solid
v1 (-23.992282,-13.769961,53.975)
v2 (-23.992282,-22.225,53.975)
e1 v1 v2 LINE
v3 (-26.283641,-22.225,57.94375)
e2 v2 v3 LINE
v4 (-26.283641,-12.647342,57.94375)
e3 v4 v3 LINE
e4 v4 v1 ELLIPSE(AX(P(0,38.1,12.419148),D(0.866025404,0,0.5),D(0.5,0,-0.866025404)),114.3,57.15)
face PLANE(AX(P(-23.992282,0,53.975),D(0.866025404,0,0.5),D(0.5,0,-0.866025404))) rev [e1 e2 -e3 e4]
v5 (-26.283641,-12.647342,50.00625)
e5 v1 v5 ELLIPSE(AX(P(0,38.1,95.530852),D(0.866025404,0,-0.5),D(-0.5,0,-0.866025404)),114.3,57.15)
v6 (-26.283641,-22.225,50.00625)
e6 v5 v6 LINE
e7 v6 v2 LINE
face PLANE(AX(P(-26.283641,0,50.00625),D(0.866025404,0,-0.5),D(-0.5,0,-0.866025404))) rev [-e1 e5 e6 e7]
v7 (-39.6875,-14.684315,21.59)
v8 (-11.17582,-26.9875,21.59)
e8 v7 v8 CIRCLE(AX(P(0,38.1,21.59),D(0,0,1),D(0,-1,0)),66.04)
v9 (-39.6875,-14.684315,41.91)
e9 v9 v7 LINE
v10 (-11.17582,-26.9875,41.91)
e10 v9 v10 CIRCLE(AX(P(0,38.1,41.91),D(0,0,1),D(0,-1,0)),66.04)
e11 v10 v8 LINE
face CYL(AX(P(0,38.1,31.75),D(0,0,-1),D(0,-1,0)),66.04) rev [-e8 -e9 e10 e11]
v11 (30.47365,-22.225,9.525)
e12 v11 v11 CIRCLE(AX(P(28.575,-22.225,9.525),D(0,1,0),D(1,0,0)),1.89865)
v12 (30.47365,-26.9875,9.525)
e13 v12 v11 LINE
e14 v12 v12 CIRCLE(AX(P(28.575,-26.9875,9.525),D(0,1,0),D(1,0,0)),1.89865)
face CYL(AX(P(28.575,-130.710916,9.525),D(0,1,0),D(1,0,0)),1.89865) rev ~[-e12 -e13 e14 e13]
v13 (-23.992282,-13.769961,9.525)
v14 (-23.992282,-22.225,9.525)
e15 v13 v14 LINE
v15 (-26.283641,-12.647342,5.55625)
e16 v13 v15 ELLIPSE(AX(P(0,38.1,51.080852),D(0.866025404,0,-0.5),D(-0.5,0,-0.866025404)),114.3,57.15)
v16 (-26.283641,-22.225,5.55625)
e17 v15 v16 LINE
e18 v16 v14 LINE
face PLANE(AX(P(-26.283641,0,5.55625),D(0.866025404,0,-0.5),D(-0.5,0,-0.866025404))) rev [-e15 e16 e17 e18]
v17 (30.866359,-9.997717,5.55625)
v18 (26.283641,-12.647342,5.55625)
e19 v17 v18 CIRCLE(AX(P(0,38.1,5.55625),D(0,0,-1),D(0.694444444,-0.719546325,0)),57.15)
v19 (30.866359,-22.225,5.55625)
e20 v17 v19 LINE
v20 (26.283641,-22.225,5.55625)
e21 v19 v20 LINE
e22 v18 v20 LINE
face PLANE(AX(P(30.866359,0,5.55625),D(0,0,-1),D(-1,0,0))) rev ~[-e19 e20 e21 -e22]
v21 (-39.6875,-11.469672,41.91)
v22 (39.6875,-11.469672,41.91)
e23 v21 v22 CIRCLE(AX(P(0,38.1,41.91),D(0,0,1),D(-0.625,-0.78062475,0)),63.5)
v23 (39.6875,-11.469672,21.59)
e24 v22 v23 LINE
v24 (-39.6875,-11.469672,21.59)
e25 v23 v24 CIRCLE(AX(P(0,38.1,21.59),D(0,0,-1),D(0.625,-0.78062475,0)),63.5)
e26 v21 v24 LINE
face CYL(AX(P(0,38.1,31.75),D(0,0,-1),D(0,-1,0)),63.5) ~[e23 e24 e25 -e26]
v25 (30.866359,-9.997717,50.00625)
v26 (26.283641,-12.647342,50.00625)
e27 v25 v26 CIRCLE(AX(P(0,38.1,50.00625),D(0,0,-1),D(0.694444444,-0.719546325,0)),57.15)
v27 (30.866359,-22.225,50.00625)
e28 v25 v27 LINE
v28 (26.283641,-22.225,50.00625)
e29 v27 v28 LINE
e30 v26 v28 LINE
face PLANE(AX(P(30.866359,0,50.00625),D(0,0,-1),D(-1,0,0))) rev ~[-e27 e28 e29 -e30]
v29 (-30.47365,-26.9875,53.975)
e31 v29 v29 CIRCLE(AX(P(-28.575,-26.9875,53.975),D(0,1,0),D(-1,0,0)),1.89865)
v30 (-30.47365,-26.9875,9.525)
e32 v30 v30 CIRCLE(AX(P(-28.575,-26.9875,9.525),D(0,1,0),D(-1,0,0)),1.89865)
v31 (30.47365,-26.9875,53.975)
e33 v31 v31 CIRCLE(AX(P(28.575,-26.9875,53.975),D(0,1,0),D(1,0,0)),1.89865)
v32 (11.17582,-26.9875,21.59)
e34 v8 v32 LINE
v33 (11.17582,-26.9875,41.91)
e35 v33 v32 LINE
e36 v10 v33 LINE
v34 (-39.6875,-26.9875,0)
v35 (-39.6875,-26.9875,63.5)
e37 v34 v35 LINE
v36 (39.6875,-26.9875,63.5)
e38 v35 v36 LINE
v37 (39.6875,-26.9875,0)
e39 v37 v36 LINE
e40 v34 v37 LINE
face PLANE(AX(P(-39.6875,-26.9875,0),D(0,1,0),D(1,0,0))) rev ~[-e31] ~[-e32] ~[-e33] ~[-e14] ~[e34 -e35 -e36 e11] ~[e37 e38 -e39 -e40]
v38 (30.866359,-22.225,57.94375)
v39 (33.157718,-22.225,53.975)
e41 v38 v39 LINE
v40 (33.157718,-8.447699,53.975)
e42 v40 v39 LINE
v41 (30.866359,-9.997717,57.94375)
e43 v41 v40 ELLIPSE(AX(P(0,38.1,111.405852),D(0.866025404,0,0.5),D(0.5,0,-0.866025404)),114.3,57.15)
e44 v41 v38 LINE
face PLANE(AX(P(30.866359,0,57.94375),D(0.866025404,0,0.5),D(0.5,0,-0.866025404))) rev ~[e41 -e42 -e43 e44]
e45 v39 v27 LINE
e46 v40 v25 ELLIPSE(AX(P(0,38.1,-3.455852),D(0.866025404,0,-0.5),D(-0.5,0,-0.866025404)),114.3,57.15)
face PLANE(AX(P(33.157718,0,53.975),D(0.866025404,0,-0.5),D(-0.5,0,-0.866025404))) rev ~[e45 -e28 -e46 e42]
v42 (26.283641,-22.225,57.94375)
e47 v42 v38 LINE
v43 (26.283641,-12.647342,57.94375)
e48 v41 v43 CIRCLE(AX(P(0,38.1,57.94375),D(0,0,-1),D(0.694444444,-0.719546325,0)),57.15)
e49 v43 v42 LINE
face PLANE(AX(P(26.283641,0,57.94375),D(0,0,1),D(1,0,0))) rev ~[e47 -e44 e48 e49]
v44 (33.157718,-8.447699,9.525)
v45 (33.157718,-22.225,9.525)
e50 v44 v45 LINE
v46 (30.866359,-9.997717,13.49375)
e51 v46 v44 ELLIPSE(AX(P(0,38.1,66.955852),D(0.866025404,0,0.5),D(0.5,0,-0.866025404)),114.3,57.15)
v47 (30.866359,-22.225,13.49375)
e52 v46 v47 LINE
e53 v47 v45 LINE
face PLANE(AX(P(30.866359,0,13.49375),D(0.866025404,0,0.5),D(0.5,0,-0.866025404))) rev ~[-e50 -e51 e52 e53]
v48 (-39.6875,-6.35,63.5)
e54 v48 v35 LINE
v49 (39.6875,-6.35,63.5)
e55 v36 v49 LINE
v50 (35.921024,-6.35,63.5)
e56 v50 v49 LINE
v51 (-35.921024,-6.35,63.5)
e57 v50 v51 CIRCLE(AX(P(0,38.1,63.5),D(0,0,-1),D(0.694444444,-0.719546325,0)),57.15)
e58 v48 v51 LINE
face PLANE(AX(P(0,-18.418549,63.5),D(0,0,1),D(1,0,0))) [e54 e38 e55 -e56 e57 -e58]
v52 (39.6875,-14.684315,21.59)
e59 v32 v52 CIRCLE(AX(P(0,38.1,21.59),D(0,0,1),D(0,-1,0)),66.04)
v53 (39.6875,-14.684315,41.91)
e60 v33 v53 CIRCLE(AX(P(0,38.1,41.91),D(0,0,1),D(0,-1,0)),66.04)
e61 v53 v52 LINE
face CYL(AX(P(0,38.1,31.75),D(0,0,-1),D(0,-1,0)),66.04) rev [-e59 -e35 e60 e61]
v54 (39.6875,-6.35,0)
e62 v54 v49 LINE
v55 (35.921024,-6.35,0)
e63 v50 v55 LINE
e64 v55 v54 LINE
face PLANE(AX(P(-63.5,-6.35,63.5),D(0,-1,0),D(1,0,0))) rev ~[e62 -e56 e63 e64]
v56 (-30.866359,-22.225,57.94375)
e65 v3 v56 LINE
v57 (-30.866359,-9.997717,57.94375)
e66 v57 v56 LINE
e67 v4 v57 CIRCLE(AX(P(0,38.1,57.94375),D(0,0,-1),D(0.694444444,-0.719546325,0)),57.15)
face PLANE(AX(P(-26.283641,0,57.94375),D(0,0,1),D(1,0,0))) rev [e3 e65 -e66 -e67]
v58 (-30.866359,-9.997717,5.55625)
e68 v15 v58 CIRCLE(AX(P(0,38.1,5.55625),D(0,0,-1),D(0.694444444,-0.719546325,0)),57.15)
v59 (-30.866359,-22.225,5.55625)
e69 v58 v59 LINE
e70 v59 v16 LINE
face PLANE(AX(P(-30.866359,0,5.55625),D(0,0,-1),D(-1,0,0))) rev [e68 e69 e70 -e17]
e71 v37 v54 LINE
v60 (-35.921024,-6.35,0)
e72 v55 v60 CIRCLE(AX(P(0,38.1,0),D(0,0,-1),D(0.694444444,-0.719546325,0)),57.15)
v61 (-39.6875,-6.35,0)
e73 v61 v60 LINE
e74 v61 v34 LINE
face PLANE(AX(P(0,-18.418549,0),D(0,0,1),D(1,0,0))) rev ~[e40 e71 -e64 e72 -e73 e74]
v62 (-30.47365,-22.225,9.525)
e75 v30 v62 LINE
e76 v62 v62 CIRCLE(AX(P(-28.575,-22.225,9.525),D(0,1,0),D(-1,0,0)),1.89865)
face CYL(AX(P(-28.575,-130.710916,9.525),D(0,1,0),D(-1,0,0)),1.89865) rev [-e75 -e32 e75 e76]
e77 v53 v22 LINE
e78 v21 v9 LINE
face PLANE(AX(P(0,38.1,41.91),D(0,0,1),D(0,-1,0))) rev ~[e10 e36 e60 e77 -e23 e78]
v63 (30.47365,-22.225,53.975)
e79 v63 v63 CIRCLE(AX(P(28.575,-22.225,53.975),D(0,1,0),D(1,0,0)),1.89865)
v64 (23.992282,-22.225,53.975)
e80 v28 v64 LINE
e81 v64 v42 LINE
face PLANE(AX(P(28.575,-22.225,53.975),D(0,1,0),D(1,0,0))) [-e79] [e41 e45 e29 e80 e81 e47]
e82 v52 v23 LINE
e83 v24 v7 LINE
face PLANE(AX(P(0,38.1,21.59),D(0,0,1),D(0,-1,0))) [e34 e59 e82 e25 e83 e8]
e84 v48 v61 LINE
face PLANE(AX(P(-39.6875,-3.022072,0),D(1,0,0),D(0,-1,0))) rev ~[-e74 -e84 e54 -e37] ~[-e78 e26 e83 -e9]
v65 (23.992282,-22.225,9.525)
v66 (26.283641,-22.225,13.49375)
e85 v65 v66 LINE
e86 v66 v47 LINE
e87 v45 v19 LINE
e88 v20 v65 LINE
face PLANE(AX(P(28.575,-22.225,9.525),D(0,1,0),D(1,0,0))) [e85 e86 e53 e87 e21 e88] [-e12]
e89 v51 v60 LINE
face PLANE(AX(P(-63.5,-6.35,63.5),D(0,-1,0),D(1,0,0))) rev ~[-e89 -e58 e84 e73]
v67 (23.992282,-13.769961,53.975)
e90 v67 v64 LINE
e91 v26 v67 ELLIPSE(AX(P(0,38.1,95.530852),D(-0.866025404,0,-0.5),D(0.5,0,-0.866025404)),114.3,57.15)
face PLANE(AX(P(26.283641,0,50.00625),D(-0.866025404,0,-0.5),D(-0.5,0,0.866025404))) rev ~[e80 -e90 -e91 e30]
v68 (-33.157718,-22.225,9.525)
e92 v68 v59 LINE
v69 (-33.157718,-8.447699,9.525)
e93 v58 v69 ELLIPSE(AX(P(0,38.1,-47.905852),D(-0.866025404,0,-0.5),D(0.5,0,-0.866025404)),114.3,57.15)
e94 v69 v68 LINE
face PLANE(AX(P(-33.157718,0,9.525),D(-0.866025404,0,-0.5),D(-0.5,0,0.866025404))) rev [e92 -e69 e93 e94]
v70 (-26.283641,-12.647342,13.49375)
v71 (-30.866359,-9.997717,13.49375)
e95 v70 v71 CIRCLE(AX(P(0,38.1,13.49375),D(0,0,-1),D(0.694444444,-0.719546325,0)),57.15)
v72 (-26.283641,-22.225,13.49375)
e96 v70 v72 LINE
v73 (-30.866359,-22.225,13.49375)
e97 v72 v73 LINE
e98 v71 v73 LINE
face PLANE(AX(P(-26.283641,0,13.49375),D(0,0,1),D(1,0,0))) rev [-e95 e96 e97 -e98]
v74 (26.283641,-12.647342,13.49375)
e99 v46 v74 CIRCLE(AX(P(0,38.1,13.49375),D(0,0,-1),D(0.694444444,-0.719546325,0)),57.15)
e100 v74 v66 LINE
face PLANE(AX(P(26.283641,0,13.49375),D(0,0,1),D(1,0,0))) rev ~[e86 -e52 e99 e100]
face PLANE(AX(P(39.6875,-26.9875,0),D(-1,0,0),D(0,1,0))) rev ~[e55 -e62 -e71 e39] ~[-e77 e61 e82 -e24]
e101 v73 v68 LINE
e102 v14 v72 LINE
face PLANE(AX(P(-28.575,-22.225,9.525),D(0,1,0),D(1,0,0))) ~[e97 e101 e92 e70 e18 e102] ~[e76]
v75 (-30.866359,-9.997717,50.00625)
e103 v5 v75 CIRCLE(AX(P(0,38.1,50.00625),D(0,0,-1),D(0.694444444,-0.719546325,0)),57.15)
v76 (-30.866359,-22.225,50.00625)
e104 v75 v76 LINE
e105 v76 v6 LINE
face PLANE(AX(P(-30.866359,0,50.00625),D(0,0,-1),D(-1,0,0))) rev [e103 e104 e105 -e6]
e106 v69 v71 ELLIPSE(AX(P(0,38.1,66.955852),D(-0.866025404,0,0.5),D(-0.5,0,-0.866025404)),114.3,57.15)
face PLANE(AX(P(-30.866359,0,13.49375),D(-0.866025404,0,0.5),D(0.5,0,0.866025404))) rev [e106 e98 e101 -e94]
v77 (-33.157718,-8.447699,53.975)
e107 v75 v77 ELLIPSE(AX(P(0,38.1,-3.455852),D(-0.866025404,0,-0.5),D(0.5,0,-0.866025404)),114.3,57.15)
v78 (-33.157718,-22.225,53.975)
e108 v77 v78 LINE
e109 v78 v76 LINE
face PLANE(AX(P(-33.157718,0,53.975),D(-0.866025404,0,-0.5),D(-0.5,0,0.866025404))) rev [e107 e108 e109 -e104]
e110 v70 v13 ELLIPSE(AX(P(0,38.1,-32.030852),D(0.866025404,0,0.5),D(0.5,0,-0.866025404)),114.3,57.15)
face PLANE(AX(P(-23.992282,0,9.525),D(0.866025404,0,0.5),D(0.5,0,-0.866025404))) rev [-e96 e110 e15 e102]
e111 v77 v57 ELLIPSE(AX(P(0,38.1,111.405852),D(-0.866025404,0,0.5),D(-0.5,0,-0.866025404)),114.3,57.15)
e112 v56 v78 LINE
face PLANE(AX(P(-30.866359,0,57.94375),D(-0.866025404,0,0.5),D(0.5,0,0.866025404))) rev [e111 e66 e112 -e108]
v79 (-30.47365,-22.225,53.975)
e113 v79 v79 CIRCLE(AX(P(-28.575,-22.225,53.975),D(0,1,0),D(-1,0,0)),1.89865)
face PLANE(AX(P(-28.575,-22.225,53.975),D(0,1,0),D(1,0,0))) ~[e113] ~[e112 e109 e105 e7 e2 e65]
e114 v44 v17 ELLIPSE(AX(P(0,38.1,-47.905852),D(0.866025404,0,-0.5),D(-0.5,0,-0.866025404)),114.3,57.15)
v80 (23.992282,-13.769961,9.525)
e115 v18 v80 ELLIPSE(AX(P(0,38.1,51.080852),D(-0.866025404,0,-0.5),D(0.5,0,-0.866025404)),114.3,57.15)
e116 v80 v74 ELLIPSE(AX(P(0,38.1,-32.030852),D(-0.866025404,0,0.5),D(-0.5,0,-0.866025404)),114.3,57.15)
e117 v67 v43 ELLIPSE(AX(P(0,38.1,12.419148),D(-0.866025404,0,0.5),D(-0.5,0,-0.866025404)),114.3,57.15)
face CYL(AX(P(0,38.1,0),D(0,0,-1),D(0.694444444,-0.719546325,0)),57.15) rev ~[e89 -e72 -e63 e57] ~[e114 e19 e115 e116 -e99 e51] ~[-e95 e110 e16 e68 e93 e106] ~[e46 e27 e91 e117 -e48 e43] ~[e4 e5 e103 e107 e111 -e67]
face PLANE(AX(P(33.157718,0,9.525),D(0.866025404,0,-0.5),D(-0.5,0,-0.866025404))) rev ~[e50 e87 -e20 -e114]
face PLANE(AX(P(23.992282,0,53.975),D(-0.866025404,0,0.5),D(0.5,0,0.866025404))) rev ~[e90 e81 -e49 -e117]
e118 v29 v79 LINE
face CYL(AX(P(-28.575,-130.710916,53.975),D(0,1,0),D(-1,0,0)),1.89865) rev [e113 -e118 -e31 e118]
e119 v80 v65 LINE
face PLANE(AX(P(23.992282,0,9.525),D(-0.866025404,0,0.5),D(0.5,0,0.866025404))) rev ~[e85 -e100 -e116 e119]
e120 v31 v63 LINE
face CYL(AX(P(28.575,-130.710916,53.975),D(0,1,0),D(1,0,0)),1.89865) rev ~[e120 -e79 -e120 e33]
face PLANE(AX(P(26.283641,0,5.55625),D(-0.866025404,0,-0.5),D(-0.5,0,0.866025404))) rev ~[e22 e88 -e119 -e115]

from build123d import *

# Parameters (mm, degrees)
BOSS_EXTRUDE1_DEPTH   = 63.5
SKETCH2_W             = 127
SKETCH2_H             = 12.7
CUT_EXTRUDE1_DEPTH    = 80.596939718
SKETCH3_W             = 20.32
SKETCH3_H             = 2.54
F_6_CLEARANCE_HOLE1_D = 3.7973
CUT_EXTRUDE2_DEPTH    = 22.225


with BuildPart() as part:
    # Sketch1 → Boss-Extrude1 (new body)
    with BuildSketch(Plane.XY):
        with BuildLine():
            Line((-39.6875, -3.022072464), (-39.6875, -26.9875))
            Line((-39.6875, -26.9875), (39.6875, -26.9875))
            Line((39.6875, -26.9875), (39.6875, -3.022072464))
            ThreePointArc((39.6875, -3.022072464), (0, -19.05), (-39.6875, -3.022072464))
        make_face()
    extrude(amount=BOSS_EXTRUDE1_DEPTH)

    # Sketch2 → Cut-Extrude1 (cut, through all)
    with BuildSketch(Plane.XY.offset(63.5)):
        Rectangle(SKETCH2_W, SKETCH2_H)
    extrude(amount=-CUT_EXTRUDE1_DEPTH, mode=Mode.SUBTRACT)

    # Sketch3 → Cut-Revolve1 (revolve, cut)
    with BuildSketch(Plane(origin=(0, 0, 0), x_dir=(0, 0, -1), z_dir=(1, 0, 0))):
        with Locations((-31.75, -26.67)):
            Rectangle(SKETCH3_W, SKETCH3_H)
    revolve(axis=Axis((0, 38.1, 16.404698597), (0, 0, 1)), mode=Mode.SUBTRACT)

    # #6 Clearance Hole1 (through all)
    with Locations(Plane(origin=(0, -26.9875, 0), x_dir=(-1, 0, 0), z_dir=(0, -1, 0))):
        with Locations((-28.575, -9.525), (-28.575, -53.975)):
            f_6_clearance_hole1 = Hole(F_6_CLEARANCE_HOLE1_D / 2)

    # Sketch10 → Cut-Extrude2 (cut)
    with BuildSketch(Plane(origin=(0, 0, 0), x_dir=(1, 0, 0), z_dir=(0, 1, 0))):
        Polygon((23.992282238, -9.525), (26.283641119, -13.49375), (30.866358881, -13.49375), (33.157717762, -9.525), (30.866358881, -5.55625), (26.283641119, -5.55625), align=None)
        Polygon((23.992282238, -53.975), (26.283641119, -57.94375), (30.866358881, -57.94375), (33.157717762, -53.975), (30.866358881, -50.00625), (26.283641119, -50.00625), align=None)
    cut_extrude2 = extrude(amount=-CUT_EXTRUDE2_DEPTH, mode=Mode.SUBTRACT)

    # Mirror1: #6 Clearance Hole1, Cut-Extrude2 across plane
    add(f_6_clearance_hole1.mirror(Plane(origin=(0, 0, 0), x_dir=(0, 0, 1), z_dir=(1, 0, 0))), mode=Mode.SUBTRACT)
    add(cut_extrude2.mirror(Plane(origin=(0, 0, 0), x_dir=(0, 0, 1), z_dir=(1, 0, 0))), mode=Mode.SUBTRACT)


solid = part.part
